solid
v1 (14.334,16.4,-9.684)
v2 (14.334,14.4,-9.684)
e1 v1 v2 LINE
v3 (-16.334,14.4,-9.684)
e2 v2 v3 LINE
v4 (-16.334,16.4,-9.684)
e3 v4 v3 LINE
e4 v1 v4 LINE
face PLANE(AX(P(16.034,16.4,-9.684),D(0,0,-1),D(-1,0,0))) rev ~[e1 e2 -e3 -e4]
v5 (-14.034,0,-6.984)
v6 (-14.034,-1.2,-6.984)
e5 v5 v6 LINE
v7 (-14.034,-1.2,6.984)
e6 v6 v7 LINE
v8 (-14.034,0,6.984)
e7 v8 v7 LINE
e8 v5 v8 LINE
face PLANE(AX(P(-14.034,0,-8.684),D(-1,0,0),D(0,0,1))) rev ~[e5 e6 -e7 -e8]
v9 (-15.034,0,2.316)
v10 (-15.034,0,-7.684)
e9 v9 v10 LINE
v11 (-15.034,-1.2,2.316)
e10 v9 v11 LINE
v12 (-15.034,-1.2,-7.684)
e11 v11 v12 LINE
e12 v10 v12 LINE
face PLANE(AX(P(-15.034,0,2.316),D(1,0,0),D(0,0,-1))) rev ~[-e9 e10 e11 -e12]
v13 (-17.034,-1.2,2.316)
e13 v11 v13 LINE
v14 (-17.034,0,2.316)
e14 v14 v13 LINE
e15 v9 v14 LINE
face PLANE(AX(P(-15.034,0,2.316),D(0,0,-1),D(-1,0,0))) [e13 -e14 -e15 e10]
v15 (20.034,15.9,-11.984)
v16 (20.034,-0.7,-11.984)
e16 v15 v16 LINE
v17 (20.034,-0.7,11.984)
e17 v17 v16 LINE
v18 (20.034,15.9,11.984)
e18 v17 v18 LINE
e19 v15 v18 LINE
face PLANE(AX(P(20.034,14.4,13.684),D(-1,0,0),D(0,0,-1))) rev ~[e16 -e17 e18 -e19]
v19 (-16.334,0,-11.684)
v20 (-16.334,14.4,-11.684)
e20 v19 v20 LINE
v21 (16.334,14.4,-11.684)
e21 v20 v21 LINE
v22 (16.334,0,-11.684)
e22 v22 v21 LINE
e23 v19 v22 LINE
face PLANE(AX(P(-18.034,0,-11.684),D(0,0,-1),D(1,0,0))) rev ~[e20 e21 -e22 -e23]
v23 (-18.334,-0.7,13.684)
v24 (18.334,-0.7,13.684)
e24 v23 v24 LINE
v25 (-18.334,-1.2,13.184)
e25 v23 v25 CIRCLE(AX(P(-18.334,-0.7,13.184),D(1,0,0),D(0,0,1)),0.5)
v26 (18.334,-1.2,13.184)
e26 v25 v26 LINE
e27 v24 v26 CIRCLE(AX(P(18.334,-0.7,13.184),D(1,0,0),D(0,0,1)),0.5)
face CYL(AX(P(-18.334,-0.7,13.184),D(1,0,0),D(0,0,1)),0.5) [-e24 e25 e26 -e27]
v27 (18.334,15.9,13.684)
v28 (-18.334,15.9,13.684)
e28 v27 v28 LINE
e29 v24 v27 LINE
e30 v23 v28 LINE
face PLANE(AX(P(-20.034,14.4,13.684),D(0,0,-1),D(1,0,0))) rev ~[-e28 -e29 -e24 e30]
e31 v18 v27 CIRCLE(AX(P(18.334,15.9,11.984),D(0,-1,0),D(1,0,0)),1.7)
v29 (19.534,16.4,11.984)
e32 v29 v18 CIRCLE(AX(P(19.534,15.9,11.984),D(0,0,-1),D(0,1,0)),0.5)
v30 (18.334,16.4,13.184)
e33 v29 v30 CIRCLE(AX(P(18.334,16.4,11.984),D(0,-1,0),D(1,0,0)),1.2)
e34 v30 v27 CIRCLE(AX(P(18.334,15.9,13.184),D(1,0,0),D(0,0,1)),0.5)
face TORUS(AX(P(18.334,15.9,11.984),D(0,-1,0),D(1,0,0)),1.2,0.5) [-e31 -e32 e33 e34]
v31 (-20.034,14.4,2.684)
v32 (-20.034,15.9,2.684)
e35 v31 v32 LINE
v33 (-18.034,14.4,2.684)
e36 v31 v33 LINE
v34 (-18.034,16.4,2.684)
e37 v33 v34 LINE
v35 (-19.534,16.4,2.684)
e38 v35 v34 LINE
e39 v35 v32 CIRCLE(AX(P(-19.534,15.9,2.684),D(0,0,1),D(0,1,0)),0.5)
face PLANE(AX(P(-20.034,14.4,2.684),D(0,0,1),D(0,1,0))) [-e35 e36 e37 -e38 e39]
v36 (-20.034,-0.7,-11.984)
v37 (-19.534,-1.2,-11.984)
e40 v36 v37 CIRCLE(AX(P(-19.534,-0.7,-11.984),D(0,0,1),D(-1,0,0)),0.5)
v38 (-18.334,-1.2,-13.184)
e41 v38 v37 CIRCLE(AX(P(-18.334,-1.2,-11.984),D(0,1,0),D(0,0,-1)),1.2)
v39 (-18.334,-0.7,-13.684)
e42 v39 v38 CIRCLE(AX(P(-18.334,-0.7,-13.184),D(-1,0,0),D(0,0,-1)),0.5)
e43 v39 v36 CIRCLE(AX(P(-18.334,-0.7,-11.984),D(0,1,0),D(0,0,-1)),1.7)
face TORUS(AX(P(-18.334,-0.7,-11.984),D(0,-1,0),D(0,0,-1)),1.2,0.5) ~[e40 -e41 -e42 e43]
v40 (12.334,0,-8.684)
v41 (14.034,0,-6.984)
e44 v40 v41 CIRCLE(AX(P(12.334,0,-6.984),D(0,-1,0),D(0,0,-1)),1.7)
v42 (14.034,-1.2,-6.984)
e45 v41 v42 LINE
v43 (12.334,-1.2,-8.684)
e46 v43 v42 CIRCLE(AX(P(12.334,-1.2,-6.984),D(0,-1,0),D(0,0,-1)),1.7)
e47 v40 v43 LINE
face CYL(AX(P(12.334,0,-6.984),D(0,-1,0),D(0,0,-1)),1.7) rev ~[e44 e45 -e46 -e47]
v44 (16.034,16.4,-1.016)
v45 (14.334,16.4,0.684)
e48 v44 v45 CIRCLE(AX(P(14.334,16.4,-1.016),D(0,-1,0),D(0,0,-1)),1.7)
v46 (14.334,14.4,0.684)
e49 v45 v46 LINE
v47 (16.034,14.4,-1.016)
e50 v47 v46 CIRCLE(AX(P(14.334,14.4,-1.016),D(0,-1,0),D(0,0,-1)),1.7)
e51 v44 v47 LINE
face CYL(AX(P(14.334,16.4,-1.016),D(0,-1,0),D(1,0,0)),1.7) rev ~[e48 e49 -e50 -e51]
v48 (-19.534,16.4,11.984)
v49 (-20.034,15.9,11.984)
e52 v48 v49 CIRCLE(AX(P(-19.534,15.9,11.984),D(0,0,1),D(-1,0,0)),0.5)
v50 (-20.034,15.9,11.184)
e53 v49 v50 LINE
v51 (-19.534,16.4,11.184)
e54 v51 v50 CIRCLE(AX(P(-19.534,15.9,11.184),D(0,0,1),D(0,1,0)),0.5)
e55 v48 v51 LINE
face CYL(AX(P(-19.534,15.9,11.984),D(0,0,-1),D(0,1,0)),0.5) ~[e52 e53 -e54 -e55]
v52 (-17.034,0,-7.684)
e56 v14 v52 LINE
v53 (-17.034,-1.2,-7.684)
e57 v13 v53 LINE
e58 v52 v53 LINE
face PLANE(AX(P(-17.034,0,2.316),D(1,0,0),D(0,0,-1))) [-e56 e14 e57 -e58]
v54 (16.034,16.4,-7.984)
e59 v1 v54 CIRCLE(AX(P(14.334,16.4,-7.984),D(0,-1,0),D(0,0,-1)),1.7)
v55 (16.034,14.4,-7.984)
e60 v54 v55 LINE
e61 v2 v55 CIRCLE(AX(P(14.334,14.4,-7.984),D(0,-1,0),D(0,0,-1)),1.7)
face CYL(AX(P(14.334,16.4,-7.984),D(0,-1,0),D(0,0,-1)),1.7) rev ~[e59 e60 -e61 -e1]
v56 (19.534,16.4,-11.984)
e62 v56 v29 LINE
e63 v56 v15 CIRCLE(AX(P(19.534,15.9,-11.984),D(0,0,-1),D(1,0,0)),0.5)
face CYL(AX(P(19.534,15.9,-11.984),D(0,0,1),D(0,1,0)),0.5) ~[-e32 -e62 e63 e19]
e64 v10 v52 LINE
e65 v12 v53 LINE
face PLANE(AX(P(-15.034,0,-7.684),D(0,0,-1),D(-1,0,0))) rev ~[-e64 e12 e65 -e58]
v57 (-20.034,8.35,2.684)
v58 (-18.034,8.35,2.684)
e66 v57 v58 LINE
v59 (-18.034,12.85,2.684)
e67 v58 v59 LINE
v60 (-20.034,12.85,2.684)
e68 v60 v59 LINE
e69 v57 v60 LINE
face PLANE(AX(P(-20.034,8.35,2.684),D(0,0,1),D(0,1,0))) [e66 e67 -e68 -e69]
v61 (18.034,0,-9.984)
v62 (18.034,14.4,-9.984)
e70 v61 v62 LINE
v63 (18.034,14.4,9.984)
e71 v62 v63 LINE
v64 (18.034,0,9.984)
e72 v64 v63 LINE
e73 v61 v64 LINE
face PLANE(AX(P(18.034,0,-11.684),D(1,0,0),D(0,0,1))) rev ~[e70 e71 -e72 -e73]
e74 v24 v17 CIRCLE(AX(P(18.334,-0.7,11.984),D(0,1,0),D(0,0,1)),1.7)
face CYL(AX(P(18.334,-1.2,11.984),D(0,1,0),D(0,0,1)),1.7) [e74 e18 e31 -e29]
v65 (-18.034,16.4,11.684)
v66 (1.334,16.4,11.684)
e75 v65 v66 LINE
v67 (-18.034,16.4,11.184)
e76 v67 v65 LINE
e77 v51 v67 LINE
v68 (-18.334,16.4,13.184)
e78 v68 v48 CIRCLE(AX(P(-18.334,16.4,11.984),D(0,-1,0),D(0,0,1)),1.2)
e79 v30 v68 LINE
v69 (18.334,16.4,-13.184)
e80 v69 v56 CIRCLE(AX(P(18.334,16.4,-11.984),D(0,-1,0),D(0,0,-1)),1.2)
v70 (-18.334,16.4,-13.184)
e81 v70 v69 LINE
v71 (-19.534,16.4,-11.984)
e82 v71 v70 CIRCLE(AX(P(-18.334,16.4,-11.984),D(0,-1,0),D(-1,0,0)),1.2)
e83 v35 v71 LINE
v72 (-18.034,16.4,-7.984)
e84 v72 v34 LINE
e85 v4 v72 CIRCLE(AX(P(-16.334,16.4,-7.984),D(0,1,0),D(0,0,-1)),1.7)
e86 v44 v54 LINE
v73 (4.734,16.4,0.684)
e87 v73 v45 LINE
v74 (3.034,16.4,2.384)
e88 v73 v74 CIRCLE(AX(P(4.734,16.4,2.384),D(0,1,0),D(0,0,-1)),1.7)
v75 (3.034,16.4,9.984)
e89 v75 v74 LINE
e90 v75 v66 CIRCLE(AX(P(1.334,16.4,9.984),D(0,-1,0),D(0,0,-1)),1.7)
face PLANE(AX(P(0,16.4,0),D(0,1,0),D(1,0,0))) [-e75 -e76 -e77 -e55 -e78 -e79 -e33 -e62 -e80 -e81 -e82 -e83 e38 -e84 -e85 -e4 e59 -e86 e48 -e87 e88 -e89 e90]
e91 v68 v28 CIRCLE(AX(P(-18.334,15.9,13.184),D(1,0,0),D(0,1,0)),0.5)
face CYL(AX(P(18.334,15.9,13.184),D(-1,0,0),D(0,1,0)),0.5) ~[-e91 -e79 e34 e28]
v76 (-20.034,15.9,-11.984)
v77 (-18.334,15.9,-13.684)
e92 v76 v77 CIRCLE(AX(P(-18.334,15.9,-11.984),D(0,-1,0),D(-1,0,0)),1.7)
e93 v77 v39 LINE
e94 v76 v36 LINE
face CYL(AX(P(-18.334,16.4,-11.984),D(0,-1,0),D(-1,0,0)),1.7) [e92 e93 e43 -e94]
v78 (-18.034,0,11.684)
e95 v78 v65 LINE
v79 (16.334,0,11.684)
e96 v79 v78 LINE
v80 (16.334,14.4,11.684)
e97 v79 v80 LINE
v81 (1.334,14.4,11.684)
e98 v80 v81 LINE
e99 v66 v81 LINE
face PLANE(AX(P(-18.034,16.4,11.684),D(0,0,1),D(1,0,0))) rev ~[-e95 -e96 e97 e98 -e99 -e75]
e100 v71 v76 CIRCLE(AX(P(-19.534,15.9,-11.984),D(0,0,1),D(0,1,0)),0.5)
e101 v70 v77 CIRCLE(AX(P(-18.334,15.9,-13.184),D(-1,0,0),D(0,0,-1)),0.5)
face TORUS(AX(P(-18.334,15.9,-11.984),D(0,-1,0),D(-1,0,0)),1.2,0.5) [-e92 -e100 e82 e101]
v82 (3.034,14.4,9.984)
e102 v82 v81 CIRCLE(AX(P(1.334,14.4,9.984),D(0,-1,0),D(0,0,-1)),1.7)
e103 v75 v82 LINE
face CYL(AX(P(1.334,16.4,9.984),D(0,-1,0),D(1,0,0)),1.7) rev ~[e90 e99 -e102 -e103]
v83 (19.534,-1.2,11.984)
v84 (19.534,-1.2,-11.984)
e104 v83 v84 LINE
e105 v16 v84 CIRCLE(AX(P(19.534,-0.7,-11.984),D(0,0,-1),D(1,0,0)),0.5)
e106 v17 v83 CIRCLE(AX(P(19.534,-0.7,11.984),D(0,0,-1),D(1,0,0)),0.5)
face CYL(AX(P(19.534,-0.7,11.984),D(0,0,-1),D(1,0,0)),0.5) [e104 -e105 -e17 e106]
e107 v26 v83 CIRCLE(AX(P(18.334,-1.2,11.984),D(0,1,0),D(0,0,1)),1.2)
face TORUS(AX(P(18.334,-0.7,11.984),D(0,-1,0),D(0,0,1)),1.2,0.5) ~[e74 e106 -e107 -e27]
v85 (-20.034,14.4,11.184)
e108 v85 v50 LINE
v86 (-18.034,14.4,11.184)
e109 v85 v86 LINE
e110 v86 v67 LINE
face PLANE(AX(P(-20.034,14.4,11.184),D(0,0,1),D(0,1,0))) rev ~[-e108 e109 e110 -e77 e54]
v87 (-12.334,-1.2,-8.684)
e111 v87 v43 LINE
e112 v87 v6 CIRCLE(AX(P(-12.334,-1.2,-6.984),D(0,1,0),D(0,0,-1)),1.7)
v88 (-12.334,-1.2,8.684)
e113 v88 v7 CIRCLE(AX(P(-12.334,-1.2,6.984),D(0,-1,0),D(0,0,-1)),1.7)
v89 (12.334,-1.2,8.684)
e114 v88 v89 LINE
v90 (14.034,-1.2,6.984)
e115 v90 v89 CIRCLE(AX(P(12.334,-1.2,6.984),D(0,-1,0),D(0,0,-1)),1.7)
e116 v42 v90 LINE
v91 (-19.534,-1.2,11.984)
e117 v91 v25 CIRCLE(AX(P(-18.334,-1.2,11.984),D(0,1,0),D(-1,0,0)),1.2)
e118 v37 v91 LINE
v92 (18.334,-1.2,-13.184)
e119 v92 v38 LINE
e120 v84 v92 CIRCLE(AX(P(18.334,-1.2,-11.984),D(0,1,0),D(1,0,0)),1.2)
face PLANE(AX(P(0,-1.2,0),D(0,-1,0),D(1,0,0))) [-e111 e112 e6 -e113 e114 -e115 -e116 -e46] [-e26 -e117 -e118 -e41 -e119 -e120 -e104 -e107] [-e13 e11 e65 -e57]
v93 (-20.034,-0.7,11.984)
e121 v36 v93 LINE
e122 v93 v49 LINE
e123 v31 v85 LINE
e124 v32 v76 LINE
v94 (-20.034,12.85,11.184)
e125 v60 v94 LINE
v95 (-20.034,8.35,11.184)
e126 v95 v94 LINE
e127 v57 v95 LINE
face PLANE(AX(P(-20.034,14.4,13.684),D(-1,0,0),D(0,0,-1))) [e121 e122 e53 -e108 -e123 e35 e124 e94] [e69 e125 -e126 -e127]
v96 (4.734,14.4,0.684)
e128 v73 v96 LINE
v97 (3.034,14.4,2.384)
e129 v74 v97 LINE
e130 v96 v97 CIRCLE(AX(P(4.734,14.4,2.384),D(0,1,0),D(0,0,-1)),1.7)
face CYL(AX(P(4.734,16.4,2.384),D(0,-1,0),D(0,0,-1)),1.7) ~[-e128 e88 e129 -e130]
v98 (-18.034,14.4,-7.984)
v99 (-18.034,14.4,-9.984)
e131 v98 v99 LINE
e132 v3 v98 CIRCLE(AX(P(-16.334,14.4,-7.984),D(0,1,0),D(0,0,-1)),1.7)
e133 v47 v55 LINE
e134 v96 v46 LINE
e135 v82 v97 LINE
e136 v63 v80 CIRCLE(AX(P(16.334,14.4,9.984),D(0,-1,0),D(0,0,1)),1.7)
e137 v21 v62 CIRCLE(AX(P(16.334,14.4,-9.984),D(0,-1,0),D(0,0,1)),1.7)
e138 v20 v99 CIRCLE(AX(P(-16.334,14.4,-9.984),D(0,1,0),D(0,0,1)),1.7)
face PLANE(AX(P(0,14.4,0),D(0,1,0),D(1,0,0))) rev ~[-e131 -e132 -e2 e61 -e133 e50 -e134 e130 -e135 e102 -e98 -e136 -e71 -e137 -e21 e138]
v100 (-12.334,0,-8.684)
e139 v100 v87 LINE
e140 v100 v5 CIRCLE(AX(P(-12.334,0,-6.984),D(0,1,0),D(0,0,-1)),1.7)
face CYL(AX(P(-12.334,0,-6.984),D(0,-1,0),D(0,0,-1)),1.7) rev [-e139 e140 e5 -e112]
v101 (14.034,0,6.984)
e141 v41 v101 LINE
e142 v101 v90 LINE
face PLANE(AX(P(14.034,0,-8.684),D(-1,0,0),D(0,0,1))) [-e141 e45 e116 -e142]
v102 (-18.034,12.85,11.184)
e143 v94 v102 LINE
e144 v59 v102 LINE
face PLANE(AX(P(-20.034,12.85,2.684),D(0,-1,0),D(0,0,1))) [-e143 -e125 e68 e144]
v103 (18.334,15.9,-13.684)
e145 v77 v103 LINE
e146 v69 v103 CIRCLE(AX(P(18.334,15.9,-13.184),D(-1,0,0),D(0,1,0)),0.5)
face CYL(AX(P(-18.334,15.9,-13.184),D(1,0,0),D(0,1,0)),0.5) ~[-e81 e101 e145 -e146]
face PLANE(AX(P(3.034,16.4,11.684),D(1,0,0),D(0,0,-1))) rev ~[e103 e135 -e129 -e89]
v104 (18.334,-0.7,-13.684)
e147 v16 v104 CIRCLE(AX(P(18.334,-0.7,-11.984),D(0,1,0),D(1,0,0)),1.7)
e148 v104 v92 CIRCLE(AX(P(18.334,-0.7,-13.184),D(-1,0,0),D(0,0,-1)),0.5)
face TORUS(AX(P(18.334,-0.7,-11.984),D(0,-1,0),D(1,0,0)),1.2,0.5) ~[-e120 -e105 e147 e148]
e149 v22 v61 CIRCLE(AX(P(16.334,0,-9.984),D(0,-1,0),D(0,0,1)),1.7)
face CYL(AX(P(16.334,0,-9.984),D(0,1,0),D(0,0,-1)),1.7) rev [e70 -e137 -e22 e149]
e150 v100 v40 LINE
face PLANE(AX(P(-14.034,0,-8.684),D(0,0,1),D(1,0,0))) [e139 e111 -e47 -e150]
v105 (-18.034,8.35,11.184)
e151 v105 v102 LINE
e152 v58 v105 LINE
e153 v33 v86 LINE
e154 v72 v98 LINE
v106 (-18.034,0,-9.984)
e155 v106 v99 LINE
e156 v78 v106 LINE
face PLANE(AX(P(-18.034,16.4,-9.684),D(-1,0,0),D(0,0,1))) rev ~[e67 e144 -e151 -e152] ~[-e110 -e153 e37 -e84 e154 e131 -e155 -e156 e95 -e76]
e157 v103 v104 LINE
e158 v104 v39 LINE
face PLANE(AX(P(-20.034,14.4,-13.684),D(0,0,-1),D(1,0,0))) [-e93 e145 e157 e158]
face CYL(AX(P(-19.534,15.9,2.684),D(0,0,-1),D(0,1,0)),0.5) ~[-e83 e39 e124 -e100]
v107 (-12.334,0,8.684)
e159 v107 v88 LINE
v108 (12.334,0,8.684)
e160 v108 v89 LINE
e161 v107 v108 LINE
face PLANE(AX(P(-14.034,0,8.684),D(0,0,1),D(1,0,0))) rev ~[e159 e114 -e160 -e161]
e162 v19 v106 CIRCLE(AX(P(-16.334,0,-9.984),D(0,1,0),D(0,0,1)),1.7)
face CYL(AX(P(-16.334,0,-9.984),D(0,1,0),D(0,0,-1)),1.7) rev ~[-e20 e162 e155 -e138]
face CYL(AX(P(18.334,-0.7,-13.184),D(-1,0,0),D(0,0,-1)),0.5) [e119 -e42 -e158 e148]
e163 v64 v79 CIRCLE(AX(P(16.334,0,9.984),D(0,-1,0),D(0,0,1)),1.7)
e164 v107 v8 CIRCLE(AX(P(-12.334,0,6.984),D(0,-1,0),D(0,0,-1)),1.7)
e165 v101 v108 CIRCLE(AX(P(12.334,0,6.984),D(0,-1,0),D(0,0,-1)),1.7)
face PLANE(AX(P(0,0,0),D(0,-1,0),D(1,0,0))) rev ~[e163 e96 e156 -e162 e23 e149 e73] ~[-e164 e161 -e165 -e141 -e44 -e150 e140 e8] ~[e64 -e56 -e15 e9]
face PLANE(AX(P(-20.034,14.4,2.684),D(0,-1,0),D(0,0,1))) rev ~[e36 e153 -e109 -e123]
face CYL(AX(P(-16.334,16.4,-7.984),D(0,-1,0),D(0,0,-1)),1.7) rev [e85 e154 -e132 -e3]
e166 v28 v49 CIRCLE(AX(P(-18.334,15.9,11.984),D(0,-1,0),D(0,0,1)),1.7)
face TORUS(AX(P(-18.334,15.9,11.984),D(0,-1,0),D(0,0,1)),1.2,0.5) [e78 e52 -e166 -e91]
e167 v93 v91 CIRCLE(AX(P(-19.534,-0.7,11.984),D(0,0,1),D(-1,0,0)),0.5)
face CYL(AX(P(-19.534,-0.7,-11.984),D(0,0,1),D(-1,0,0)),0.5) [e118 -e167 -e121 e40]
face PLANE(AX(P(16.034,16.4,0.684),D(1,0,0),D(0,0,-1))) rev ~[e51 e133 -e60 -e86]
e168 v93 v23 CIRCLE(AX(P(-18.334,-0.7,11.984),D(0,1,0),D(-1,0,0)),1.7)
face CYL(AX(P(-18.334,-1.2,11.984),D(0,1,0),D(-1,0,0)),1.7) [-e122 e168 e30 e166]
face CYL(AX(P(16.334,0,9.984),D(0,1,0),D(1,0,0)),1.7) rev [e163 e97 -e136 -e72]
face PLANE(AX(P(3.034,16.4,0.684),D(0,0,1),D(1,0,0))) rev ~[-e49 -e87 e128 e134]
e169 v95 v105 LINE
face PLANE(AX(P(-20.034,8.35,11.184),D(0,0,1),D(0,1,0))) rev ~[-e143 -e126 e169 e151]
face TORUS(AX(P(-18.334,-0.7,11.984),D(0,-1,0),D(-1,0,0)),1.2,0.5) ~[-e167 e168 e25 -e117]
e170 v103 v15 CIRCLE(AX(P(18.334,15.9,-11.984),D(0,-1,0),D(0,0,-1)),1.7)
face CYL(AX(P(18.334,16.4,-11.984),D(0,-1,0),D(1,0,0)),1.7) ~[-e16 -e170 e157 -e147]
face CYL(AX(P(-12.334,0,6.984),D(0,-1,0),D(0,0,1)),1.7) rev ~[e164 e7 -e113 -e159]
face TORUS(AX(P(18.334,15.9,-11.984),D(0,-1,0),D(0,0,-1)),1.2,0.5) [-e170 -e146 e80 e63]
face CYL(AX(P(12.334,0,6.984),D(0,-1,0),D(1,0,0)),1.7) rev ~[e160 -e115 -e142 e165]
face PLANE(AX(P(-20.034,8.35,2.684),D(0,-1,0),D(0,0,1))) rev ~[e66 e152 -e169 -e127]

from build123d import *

# Parameters (mm, degrees)
BOSS_EXTRUDE2_DEPTH = 14.4
SKETCH3_W           = 40.068
SKETCH3_H           = 27.368
SKETCH3_W_2         = 28.068
SKETCH3_H_2         = 17.368
BOSS_EXTRUDE3_DEPTH = 1.2
BOSS_EXTRUDE4_START = 14.4
SKETCH1_4_W         = 40.068
SKETCH1_4_H         = 27.368
BOSS_EXTRUDE4_DEPTH = 2
FILLET1_R           = 1.7
FILLET2_R           = 1.7
SKETCH4_W           = 8.5
SKETCH4_H           = 4.5
CUT_EXTRUDE1_DEPTH  = 2
SKETCH5_W           = 2
SKETCH5_H           = 10
CUT_EXTRUDE2_DEPTH  = 1.2
CUT_EXTRUDE3_DEPTH  = 2
FILLET4_R           = 1.7
SKETCH7_W           = 8.5
SKETCH7_H           = 2
CUT_EXTRUDE4_DEPTH  = 2
FILLET5_R           = 0.5


with BuildPart() as part:
    # Sketch1 → Boss-Extrude2 (new body)
    with BuildSketch(Plane(origin=(0, 0, 0), x_dir=(1, 0, 0), z_dir=(0, 1, 0))):
        Polygon((-20.034, 0), (-18.034, 0), (-18.034, 11.684), (0, 11.684), (0, 13.684), (-20.034, 13.684), align=None)
        Polygon((18.034, 11.684), (18.034, 0), (20.034, 0), (20.034, 13.684), (0, 13.684), (0, 11.684), align=None)
        Polygon((18.034, 0), (18.034, -11.684), (0, -11.684), (0, -13.684), (20.034, -13.684), (20.034, 0), align=None)
        Polygon((0, -13.684), (0, -11.684), (-18.034, -11.684), (-18.034, 0), (-20.034, 0), (-20.034, -13.684), align=None)
    extrude(amount=BOSS_EXTRUDE2_DEPTH)

    # Sketch3 → Boss-Extrude3 (add)
    with BuildSketch(Plane.XZ):
        Rectangle(SKETCH3_W, SKETCH3_H)
        Rectangle(SKETCH3_W_2, SKETCH3_H_2, mode=Mode.SUBTRACT)
    extrude(amount=BOSS_EXTRUDE3_DEPTH)

    # Sketch1<4> → Boss-Extrude4 (add)
    with BuildSketch(Plane(origin=(0, 0, 0), x_dir=(1, 0, 0), z_dir=(0, 1, 0)).offset(BOSS_EXTRUDE4_START)):
        Rectangle(SKETCH1_4_W, SKETCH1_4_H)
    extrude(amount=BOSS_EXTRUDE4_DEPTH)

    # Fillet1
    fillet1_edges = [part.edges().sort_by_distance(p)[0] for p in [
        (18.034, 7.2, -11.684),
        (-18.034, 7.2, -11.684),
        (18.034, 7.2, 11.684),
        (-20.034, 7.6, 13.684),
        (-20.034, 7.6, -13.684),
        (20.034, 7.6, -13.684),
        (20.034, 7.6, 13.684),
    ]]
    fillet(fillet1_edges, radius=FILLET1_R)

    # Fillet2
    fillet2_edges = [part.edges().sort_by_distance(p)[0] for p in [
        (14.034, -0.6, -8.684),
        (-14.034, -0.6, -8.684),
        (-14.034, -0.6, 8.684),
        (14.034, -0.6, 8.684),
    ]]
    fillet(fillet2_edges, radius=FILLET2_R)

    # Sketch4 → Cut-Extrude1 (cut)
    with BuildSketch(Plane.ZY.offset(20.034)):
        with Locations((6.934, 10.6)):
            Rectangle(SKETCH4_W, SKETCH4_H)
    extrude(amount=-CUT_EXTRUDE1_DEPTH, mode=Mode.SUBTRACT)

    # Sketch5 → Cut-Extrude2 (cut)
    with BuildSketch(Plane(origin=(0, 0, 0), x_dir=(-1, 0, 0), z_dir=(0, -1, 0))):
        with Locations((16.034, 2.684)):
            Rectangle(SKETCH5_W, SKETCH5_H)
    extrude(amount=CUT_EXTRUDE2_DEPTH, mode=Mode.SUBTRACT)

    # Sketch6 → Cut-Extrude3 (cut)
    with BuildSketch(Plane(origin=(0, 16.4, 0), x_dir=(1, 0, 0), z_dir=(0, 1, 0))):
        Polygon((-18.034, -11.684), (3.034, -11.684), (3.034, -0.684), (16.034, -0.684), (16.034, 9.684), (-18.034, 9.684), align=None)
    extrude(amount=-CUT_EXTRUDE3_DEPTH, mode=Mode.SUBTRACT)

    # Fillet4
    fillet4_edges = [part.edges().sort_by_distance(p)[0] for p in [
        (-18.034, 15.4, -9.684),
        (16.034, 15.4, -9.684),
        (16.034, 15.4, 0.684),
        (3.034, 15.4, 0.684),
        (3.034, 15.4, 11.684),
    ]]
    fillet(fillet4_edges, radius=FILLET4_R)

    # Sketch7 → Cut-Extrude4 (cut)
    with BuildSketch(Plane.ZY.offset(20.034)):
        with Locations((6.934, 15.4)):
            Rectangle(SKETCH7_W, SKETCH7_H)
    extrude(amount=-CUT_EXTRUDE4_DEPTH, mode=Mode.SUBTRACT)

    # Fillet5
    fillet5_edges = [part.edges().sort_by_distance(p)[0] for p in [
        (-20.034, 16.4, 11.584),
        (0, -1.2, 13.684),
        (0, 16.4, 13.684),
        (20.034, -1.2, 0),
        (-20.034, -1.2, 0),
        (0, -1.2, -13.684),
        (-19.536081528, -1.2, -13.186081528),
        (19.536081528, -1.2, -13.186081528),
        (19.536081528, -1.2, 13.186081528),
        (-19.536081528, -1.2, 13.186081528),
        (-20.034, 16.4, -4.65),
        (20.034, 16.4, 0),
        (0, 16.4, -13.684),
        (-19.536081528, 16.4, -13.186081528),
        (19.536081528, 16.4, -13.186081528),
        (19.536081528, 16.4, 13.186081528),
        (-19.536081528, 16.4, 13.186081528),
    ]]
    fillet(fillet5_edges, radius=FILLET5_R)


solid = part.part
